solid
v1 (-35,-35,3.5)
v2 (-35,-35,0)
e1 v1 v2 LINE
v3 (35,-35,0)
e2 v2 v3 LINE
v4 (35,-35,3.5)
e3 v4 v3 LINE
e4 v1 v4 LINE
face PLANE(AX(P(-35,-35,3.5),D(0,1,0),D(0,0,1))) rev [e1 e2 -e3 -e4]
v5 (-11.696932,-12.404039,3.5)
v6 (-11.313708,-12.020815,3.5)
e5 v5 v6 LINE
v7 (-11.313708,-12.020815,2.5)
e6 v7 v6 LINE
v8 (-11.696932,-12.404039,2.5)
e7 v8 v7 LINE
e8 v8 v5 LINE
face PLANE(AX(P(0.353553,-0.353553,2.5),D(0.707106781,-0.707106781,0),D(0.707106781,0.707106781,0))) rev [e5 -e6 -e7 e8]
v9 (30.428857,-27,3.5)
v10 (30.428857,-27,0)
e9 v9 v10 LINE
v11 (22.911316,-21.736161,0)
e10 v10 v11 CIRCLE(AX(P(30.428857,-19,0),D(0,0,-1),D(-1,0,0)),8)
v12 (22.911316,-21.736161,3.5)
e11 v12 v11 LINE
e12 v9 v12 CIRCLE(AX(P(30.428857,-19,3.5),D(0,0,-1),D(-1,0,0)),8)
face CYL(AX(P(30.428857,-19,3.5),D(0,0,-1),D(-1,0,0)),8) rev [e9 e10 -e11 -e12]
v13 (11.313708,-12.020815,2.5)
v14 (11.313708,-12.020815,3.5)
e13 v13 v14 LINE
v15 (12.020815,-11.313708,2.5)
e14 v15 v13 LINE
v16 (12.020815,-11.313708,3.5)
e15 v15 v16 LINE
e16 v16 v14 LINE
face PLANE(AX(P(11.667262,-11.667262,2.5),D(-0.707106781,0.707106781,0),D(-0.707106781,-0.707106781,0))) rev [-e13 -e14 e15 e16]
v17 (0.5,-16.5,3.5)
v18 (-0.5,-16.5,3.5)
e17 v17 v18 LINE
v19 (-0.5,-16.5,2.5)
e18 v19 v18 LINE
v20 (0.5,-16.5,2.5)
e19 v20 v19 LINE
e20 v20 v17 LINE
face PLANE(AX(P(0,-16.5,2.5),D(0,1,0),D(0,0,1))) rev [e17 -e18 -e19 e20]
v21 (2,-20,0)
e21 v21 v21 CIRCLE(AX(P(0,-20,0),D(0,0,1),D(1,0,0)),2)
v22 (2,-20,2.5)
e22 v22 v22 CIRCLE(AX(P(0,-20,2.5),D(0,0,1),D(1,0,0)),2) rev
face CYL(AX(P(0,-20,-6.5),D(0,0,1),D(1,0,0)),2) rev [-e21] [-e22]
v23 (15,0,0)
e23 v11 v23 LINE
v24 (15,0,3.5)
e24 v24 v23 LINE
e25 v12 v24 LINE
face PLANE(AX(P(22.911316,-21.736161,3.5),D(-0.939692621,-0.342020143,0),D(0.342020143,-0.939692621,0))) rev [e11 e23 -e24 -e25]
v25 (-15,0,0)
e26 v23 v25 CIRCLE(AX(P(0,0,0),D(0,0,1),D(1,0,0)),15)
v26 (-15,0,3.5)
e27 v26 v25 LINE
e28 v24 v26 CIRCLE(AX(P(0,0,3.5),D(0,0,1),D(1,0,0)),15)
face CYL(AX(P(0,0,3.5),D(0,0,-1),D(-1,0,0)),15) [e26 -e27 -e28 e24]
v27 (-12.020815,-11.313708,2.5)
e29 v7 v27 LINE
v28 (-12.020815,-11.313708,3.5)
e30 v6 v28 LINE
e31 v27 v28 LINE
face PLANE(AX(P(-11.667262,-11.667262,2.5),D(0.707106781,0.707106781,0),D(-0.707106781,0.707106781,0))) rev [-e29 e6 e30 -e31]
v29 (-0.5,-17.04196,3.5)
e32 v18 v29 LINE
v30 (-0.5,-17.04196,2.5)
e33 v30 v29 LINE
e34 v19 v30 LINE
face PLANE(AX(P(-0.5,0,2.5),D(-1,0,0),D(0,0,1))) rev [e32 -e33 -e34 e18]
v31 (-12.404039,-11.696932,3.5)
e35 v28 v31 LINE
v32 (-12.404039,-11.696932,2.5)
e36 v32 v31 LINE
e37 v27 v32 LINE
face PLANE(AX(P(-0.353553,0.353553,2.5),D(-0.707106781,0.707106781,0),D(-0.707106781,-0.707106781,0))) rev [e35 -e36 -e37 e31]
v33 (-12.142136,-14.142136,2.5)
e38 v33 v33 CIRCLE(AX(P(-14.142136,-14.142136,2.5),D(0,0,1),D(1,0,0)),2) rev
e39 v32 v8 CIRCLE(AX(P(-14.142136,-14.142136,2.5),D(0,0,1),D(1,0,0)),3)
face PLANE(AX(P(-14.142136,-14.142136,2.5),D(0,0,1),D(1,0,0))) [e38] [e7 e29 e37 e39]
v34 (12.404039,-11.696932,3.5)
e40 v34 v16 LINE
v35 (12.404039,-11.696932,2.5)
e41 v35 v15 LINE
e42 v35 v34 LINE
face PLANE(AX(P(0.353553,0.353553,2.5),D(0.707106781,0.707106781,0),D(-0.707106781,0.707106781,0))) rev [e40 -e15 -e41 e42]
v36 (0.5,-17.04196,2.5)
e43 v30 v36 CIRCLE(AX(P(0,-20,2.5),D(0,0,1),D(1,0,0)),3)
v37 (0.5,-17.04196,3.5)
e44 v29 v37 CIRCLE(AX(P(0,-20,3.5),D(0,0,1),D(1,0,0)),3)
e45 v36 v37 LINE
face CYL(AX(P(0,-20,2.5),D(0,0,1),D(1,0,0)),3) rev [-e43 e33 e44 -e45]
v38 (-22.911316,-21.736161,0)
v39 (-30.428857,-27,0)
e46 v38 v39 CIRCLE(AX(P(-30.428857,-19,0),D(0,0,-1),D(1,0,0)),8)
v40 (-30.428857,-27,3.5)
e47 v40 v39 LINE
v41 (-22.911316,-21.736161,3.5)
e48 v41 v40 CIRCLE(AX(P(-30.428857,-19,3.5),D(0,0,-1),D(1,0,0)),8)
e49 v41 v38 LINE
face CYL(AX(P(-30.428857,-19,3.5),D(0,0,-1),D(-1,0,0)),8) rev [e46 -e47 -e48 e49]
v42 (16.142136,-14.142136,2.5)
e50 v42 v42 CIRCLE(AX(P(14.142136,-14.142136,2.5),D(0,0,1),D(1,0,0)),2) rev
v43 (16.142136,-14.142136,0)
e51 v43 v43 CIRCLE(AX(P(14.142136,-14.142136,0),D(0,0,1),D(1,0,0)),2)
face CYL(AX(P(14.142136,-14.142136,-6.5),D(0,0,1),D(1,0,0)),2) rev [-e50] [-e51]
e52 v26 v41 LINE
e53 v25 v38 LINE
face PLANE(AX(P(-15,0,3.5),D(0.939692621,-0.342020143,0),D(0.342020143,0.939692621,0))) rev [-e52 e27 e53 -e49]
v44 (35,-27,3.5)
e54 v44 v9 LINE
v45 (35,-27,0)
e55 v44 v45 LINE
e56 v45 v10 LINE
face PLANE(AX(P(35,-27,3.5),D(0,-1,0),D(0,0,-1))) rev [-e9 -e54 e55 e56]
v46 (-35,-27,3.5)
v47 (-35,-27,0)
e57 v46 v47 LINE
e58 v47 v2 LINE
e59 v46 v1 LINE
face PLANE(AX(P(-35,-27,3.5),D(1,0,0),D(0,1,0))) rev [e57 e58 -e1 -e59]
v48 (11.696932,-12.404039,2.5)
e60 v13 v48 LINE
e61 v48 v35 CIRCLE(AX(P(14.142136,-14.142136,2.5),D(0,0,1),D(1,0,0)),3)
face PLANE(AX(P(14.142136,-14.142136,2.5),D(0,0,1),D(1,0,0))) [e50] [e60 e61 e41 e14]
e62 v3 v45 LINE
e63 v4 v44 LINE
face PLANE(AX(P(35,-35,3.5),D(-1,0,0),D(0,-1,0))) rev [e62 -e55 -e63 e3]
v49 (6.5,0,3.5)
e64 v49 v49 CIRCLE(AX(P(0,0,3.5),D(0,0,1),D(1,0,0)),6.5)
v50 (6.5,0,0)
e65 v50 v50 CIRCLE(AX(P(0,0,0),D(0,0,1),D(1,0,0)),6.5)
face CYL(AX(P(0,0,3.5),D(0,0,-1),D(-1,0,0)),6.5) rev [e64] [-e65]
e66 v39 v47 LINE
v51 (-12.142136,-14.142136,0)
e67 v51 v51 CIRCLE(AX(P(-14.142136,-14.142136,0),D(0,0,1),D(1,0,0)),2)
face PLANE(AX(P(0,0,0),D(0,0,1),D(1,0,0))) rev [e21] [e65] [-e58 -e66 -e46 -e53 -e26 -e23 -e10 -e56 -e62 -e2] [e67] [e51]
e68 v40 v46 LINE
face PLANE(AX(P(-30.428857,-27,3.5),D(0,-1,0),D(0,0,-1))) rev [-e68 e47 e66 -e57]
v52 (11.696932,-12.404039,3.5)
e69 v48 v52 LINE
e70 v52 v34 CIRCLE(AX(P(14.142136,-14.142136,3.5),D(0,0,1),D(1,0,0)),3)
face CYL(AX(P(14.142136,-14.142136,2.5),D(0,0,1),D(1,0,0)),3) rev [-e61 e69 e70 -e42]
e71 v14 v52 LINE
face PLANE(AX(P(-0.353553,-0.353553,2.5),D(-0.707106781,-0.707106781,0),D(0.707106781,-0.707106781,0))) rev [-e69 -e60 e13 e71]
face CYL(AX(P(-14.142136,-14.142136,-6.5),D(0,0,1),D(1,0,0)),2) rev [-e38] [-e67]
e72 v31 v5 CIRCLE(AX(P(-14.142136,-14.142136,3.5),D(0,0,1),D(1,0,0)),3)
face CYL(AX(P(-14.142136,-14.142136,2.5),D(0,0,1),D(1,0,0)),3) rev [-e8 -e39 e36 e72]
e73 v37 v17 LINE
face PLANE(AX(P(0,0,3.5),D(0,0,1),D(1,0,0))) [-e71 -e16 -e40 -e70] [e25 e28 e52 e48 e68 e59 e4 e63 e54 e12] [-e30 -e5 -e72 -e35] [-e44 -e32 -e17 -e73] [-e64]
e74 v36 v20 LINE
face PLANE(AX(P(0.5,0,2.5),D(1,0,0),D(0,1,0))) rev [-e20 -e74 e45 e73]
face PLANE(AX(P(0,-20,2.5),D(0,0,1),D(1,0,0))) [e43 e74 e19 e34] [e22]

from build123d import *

# Parameters (mm, degrees)
SKETCH1_R           = 6.5
BOSS_EXTRUDE1_DEPTH = 3.5
SKETCH2_R           = 2
CUT_EXTRUDE1_DEPTH  = 10
CUT_EXTRUDE2_START  = -3.5
CUT_EXTRUDE2_DEPTH  = 1


with BuildPart() as part:
    # Sketch1 → Boss-Extrude1 (new body)
    with BuildSketch(Plane.XY):
        with BuildLine():
            Line((-15, 0), (-22.911315665, -21.736161147))
            ThreePointArc((-22.911315665, -21.736161147), (-25.84024514, -25.553216354), (-30.428856631, -27))
            Line((-30.428856631, -27), (-35, -27))
            Line((-35, -27), (-35, -35))
            Line((-35, -35), (35, -35))
            Line((35, -35), (35, -27))
            Line((35, -27), (30.428856631, -27))
            ThreePointArc((30.428856631, -27), (25.84024514, -25.553216354), (22.911315665, -21.736161147))
            Line((22.911315665, -21.736161147), (15, 0))
            ThreePointArc((15, 0), (0, 15), (-15, 0))
        make_face()
        Circle(SKETCH1_R, mode=Mode.SUBTRACT)
    extrude(amount=BOSS_EXTRUDE1_DEPTH)

    # Sketch2 → Cut-Extrude1 (cut)
    with BuildSketch(Plane.XY.offset(3.5)):
        with Locations((-14.142135624, -14.142135624)):
            Circle(SKETCH2_R)
        with Locations((0, -20)):
            Circle(SKETCH2_R)
        with Locations((14.142135624, -14.142135624)):
            Circle(SKETCH2_R)
    extrude(amount=-CUT_EXTRUDE1_DEPTH, mode=Mode.SUBTRACT)

    # Sketch3 → Cut-Extrude2 (cut)
    with BuildSketch(Plane(origin=(0, 0, 0), x_dir=(-1, 0, 0), z_dir=(0, 0, -1)).offset(CUT_EXTRUDE2_START)):
        with BuildLine():
            Line((-12.404038948, -11.696932167), (-12.02081528, -11.313708499))
            Line((-12.02081528, -11.313708499), (-11.313708499, -12.02081528))
            Line((-11.313708499, -12.02081528), (-11.696932167, -12.404038948))
            ThreePointArc((-11.696932167, -12.404038948), (-16.263455967, -16.263455967), (-12.404038948, -11.696932167))
        make_face()
        with BuildLine():
            Line((-0.5, -17.041960108), (-0.5, -16.5))
            Line((-0.5, -16.5), (0.5, -16.5))
            Line((0.5, -16.5), (0.5, -17.041960108))
            ThreePointArc((0.5, -17.041960108), (0, -23), (-0.5, -17.041960108))
        make_face()
        with BuildLine():
            Line((11.696932167, -12.404038948), (11.313708499, -12.02081528))
            Line((11.313708499, -12.02081528), (12.02081528, -11.313708499))
            Line((12.02081528, -11.313708499), (12.404038948, -11.696932167))
            ThreePointArc((12.404038948, -11.696932167), (16.263455967, -16.263455967), (11.696932167, -12.404038948))
        make_face()
    extrude(amount=CUT_EXTRUDE2_DEPTH, mode=Mode.SUBTRACT)


solid = part.part
